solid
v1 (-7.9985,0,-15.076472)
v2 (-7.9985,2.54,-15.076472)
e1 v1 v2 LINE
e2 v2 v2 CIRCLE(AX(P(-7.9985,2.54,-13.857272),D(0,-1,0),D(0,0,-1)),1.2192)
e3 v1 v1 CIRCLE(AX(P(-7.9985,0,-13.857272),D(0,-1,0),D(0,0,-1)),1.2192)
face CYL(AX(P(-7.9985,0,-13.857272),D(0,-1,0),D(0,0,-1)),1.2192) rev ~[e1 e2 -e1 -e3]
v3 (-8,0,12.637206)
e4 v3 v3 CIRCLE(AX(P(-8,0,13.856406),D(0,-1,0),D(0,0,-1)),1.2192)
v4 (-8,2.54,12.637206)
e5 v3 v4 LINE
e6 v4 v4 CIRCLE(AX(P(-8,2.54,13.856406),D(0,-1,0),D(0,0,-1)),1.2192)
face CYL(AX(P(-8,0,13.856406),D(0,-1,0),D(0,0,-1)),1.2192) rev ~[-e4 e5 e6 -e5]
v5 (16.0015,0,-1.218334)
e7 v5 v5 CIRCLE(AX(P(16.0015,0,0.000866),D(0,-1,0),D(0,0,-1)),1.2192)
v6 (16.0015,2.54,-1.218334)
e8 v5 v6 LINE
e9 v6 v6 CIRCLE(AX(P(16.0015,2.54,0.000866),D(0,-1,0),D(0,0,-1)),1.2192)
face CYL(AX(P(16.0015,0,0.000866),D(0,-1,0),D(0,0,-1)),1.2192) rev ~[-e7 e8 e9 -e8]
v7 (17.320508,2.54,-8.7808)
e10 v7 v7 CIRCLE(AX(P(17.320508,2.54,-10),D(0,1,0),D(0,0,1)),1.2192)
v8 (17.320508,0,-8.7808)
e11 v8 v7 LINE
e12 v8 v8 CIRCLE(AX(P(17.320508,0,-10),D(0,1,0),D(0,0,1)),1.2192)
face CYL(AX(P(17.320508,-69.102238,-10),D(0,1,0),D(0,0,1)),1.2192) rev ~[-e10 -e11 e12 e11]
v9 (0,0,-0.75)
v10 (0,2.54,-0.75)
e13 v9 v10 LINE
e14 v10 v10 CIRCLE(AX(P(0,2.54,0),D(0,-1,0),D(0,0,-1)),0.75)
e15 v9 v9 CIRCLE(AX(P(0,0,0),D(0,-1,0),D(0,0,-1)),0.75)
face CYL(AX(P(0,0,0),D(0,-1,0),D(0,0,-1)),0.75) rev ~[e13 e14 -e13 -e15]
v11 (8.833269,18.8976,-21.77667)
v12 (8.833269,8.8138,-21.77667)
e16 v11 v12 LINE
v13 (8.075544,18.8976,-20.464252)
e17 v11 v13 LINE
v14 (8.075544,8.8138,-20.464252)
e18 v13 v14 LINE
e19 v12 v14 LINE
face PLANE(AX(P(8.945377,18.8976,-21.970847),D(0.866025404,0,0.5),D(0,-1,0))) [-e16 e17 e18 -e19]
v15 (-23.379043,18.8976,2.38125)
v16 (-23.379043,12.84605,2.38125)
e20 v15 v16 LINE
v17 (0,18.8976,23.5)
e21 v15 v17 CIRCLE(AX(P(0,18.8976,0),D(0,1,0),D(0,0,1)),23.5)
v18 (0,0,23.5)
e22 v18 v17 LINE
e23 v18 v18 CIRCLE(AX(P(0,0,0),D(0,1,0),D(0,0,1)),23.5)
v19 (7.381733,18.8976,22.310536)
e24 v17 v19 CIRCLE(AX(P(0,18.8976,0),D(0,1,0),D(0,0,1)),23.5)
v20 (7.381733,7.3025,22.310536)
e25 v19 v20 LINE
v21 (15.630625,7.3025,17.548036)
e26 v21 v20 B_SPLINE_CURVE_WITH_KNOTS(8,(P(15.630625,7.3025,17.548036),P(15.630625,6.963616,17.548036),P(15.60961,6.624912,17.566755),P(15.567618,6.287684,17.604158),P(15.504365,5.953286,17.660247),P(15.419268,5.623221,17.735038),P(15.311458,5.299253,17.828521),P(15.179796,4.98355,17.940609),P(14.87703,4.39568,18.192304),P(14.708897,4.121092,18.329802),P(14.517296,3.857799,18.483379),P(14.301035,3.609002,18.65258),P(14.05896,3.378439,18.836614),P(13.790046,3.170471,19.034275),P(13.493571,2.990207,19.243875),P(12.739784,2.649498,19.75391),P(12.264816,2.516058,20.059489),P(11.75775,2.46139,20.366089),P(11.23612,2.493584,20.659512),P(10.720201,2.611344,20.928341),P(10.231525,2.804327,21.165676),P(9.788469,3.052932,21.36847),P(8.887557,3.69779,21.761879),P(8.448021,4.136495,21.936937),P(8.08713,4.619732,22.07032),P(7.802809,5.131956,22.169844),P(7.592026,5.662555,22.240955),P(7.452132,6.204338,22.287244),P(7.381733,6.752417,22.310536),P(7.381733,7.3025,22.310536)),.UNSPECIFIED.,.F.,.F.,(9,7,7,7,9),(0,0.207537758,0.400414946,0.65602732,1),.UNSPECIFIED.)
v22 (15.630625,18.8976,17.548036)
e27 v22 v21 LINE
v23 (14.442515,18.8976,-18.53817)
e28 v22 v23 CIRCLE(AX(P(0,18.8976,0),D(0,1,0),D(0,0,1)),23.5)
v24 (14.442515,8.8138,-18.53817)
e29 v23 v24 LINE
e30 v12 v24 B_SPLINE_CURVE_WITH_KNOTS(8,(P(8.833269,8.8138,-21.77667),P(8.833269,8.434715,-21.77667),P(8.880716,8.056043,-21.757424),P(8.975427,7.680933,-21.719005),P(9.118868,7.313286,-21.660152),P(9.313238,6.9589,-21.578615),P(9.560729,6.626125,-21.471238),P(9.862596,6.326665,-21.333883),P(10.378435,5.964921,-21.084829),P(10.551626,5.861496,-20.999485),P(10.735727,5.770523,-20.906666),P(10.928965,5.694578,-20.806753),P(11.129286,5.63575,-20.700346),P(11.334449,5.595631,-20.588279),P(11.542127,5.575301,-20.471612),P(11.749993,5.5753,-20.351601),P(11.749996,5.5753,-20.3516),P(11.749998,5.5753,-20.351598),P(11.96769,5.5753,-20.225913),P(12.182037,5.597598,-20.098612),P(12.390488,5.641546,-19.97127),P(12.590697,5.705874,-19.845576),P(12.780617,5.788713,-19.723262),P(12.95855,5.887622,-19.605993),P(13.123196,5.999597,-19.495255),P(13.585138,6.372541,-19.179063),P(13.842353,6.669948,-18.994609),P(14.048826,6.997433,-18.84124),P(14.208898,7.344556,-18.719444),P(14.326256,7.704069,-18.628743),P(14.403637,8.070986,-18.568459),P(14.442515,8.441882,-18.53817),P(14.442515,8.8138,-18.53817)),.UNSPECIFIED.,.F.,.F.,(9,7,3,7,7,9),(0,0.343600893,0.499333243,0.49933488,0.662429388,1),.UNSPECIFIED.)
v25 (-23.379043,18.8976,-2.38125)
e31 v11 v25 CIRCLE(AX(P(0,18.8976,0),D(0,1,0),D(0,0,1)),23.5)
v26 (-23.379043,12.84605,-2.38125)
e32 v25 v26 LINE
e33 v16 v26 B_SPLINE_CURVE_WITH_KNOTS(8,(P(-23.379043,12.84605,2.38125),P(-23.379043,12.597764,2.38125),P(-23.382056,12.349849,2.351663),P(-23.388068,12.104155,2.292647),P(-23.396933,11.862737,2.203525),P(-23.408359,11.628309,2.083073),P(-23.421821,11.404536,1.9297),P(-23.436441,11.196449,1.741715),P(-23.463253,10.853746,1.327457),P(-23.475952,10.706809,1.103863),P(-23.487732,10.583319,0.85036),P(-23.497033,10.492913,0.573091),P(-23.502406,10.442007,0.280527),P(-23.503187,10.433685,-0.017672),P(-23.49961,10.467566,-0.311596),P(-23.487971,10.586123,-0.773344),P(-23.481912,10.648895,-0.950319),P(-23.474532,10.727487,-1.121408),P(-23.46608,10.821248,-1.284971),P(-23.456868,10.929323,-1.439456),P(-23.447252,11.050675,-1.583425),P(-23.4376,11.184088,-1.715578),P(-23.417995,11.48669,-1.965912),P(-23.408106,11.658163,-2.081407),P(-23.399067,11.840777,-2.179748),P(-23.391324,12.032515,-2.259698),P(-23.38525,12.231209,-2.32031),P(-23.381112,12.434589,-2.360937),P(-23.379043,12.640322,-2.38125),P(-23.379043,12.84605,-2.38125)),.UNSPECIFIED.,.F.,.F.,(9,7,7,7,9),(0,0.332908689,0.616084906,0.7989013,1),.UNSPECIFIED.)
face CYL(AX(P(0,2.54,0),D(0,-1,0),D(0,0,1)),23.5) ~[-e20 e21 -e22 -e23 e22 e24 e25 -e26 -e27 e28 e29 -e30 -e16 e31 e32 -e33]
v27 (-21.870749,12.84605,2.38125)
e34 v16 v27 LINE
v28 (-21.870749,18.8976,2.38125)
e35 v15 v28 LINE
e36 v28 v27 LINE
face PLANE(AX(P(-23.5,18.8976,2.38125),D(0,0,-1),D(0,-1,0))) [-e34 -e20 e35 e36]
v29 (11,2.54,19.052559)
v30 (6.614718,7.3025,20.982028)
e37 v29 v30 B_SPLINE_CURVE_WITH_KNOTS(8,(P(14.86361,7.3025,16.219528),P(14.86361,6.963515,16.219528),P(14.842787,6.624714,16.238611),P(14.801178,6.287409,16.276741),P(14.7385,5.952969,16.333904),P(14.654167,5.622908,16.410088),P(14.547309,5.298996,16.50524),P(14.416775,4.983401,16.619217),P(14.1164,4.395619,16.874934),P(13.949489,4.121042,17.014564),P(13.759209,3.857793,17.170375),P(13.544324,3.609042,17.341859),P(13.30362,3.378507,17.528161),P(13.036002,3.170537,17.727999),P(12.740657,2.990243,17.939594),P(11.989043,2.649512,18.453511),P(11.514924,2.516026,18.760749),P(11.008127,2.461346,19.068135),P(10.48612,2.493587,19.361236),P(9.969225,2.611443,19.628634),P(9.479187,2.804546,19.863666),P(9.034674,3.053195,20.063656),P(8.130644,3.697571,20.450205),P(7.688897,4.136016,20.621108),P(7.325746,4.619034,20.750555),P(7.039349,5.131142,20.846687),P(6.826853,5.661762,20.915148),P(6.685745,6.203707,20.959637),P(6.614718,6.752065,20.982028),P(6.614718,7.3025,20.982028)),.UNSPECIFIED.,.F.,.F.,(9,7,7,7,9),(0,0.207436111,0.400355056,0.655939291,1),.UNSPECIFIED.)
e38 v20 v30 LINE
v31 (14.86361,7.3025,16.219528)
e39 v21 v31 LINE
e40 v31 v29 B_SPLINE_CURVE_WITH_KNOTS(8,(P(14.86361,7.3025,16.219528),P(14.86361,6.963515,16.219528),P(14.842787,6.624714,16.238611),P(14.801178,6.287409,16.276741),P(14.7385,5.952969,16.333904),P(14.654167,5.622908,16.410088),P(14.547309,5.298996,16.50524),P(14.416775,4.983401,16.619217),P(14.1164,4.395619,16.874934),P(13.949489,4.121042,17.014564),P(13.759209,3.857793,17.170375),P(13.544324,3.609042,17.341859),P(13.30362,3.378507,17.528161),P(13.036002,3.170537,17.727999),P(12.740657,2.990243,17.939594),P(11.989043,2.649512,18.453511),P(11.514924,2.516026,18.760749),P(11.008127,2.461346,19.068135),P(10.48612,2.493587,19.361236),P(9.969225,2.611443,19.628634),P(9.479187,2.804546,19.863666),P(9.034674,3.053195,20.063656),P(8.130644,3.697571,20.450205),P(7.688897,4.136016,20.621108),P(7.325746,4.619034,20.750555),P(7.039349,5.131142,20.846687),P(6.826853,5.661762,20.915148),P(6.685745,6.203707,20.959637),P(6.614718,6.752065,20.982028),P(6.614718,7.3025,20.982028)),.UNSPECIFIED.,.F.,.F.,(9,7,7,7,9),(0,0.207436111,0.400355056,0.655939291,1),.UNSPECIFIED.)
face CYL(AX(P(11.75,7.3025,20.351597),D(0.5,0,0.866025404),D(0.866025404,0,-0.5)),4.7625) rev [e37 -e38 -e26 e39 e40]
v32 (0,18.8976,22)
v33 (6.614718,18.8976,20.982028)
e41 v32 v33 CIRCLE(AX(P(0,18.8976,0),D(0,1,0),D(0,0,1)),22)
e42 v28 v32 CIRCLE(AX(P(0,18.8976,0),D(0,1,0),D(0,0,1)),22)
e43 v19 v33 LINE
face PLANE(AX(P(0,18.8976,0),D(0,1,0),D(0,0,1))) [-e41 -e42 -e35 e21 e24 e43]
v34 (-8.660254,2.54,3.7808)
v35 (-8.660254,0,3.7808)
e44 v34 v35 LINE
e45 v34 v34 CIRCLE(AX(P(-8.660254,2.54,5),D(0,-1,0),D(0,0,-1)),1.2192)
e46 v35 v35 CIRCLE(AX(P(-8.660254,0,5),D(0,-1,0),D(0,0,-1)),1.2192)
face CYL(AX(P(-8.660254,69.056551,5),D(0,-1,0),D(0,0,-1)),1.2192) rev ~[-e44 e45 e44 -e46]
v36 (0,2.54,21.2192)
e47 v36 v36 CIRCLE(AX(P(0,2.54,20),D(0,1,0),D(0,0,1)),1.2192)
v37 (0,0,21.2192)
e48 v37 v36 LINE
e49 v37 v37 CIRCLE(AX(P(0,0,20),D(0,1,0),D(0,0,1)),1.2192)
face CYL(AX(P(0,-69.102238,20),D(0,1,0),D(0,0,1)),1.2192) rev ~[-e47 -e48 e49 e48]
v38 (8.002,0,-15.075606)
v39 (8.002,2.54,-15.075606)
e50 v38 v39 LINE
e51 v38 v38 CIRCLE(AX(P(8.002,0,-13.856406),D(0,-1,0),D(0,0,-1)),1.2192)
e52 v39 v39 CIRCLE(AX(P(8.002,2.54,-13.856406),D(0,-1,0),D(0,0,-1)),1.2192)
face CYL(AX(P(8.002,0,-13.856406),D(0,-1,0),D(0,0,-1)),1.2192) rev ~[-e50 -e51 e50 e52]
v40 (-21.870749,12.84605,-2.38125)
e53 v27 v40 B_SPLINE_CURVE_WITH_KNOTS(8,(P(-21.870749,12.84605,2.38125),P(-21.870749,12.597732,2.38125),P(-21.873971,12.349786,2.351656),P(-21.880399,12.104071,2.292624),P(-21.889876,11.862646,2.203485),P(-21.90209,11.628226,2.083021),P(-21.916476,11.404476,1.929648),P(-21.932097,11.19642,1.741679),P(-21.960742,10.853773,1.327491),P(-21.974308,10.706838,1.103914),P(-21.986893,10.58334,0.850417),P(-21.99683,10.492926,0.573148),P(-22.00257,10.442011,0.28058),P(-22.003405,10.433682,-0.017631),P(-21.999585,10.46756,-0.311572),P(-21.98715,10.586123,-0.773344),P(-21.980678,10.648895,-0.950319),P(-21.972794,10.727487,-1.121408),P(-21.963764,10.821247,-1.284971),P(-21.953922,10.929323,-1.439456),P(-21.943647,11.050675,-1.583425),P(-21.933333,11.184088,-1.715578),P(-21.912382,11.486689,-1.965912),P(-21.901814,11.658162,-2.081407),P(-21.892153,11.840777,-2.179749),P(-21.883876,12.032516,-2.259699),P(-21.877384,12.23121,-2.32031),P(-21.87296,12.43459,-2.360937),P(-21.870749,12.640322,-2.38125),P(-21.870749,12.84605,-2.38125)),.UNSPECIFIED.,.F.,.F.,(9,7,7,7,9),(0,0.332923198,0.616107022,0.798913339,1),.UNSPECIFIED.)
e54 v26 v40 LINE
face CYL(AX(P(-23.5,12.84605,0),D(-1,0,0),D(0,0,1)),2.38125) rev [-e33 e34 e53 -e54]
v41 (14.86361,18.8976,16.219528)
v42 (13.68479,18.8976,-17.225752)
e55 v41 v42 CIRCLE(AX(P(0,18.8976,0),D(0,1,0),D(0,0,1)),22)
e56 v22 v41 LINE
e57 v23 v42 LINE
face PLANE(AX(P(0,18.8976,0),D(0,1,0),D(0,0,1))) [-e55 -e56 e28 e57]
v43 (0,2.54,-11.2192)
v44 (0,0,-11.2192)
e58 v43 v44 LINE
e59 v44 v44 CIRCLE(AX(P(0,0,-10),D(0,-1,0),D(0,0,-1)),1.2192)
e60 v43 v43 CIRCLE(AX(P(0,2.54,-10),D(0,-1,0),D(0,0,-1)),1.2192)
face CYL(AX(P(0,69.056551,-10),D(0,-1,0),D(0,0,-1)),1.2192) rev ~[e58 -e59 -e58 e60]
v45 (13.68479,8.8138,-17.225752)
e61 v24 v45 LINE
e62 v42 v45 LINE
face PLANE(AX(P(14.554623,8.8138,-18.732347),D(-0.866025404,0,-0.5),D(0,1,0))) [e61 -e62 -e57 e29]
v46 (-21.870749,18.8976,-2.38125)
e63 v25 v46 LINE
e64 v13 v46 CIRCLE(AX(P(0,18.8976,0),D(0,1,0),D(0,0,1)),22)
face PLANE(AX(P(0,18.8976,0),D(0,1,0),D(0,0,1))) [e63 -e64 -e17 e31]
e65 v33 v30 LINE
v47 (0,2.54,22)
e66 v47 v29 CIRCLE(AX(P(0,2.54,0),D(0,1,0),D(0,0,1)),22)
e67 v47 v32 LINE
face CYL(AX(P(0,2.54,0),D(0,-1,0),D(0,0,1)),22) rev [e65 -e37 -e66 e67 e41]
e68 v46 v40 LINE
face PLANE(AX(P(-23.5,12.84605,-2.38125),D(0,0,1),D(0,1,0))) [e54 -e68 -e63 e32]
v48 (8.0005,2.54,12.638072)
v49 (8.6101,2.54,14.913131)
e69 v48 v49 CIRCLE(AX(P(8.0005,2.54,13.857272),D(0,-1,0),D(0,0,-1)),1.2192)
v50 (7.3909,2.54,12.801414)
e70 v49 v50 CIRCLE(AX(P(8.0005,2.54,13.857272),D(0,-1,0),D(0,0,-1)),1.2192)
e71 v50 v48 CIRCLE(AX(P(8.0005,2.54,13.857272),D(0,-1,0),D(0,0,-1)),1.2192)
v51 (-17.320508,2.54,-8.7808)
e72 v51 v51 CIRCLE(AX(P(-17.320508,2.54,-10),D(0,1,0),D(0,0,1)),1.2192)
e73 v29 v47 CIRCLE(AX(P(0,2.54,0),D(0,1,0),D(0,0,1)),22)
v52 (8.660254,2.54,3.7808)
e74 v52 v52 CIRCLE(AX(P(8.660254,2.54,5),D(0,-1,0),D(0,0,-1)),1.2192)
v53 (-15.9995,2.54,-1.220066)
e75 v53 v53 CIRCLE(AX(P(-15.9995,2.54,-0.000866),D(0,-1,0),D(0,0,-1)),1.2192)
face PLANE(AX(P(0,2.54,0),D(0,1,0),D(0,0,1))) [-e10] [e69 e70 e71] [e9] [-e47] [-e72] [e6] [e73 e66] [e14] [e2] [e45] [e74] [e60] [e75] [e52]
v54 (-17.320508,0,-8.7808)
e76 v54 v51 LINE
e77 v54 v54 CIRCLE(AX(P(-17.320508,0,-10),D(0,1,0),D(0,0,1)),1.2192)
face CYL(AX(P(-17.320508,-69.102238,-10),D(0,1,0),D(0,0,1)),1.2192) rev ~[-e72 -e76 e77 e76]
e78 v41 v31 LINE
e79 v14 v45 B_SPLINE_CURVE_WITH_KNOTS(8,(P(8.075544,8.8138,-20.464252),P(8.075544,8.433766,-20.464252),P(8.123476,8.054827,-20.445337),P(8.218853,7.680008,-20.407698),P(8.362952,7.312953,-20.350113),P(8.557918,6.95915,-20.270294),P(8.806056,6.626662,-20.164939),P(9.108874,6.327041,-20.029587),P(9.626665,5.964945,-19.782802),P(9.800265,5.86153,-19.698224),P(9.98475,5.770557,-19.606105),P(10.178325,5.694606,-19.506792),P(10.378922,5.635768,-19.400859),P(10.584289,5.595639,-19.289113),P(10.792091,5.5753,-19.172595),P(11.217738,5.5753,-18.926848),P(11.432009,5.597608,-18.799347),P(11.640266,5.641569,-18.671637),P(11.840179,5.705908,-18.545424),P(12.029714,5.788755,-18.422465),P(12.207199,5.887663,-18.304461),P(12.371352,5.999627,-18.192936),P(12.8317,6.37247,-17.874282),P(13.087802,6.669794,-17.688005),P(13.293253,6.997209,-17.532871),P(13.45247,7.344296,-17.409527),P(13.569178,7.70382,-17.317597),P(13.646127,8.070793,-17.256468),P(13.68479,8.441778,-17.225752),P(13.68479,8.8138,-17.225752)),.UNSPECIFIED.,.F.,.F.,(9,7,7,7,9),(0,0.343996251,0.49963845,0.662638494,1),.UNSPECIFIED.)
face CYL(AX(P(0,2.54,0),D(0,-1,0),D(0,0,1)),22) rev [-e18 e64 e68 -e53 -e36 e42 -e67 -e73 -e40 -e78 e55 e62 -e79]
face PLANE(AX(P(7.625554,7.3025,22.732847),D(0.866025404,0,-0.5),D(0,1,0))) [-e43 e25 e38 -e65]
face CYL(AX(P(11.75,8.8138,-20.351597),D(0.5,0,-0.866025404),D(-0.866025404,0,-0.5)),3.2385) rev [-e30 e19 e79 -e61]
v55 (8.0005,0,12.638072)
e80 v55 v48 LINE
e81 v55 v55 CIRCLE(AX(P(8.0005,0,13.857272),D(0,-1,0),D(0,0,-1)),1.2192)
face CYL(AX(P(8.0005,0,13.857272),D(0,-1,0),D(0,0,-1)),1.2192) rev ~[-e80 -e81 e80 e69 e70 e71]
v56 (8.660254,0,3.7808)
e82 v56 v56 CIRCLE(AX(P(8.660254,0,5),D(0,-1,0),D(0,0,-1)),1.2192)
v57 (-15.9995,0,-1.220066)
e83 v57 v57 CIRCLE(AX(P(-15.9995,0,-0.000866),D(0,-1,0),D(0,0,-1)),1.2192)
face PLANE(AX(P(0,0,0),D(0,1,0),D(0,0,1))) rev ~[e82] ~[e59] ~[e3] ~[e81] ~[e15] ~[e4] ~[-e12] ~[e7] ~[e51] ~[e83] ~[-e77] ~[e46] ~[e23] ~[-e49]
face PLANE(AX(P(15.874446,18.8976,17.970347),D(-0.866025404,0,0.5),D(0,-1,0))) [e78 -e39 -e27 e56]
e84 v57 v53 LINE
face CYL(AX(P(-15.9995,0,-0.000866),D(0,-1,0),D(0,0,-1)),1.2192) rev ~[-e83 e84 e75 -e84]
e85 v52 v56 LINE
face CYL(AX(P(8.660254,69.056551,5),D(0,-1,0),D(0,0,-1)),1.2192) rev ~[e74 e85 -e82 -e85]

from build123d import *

# Parameters (mm, degrees)
SKETCH1_R             = 23.5
BOSS_EXTRUDE1_DEPTH   = 2.54
F_2_CLEARANCE_HOLE2_D = 2.4384
SKETCH4_R             = 23.5
SKETCH4_R_2           = 22
BOSS_EXTRUDE2_DEPTH   = 16.3576
F_2_CLEARANCE_HOLE1_D = 2.4384
SKETCH7_R             = 1.2192
SKETCH7_R_2           = 0.75
CUT_EXTRUDE1_DEPTH    = 39.2311298
CUT_EXTRUDE2_DEPTH    = 10
CUT_EXTRUDE3_DEPTH    = 10
CUT_EXTRUDE4_DEPTH    = 10


with BuildPart() as part:
    # Sketch1 → Boss-Extrude1 (new body)
    with BuildSketch(Plane(origin=(0, 0, 0), x_dir=(1, 0, 0), z_dir=(0, 1, 0))):
        with Locations(Location((0, 0, 0), (0, 0, 270))):
            Circle(SKETCH1_R)
    extrude(amount=BOSS_EXTRUDE1_DEPTH)

    # #2 Clearance Hole2 (through all)
    with Locations(Plane(origin=(0, 2.54, -10), x_dir=(0, 0, 1), z_dir=(0, 1, 0))):
        with Locations((0, 0), (15, 8.660254038), (15, -8.660254038)):
            Hole(F_2_CLEARANCE_HOLE2_D / 2)

    # Sketch4 → Boss-Extrude2 (add)
    with BuildSketch(Plane(origin=(0, 2.54, 0), x_dir=(1, 0, 0), z_dir=(0, 1, 0))):
        with Locations(Location((0, 0, 0), (0, 0, 270))):
            Circle(SKETCH4_R)
        with Locations(Location((0, 0, 0), (0, 0, 270))):
            Circle(SKETCH4_R_2, mode=Mode.SUBTRACT)
    extrude(amount=BOSS_EXTRUDE2_DEPTH)

    # #2 Clearance Hole1 (through all)
    with Locations(Plane(origin=(0, 0, 20), x_dir=(0, 0, -1), z_dir=(0, -1, 0))):
        with Locations((0, 0), (30, 17.320508076), (30, -17.320508076)):
            Hole(F_2_CLEARANCE_HOLE1_D / 2)

    # Sketch7 → Cut-Extrude1 (cut, through all)
    with BuildSketch(Plane.XZ):
        with Locations(Location((-8, 13.856406461, 0), (0, 0, 270))):
            Circle(SKETCH7_R)
        with Locations(Location((8.0005, 13.857272486, 0), (0, 0, 270))):
            Circle(SKETCH7_R)
        with Locations(Location((16.0015, 0.000866025, 0), (0, 0, 270))):
            Circle(SKETCH7_R)
        with Locations(Location((8.002, -13.856406461, 0), (0, 0, 270))):
            Circle(SKETCH7_R)
        with Locations(Location((-7.9985, -13.857272486, 0), (0, 0, 270))):
            Circle(SKETCH7_R)
        with Locations(Location((-15.9995, -0.000866025, 0), (0, 0, 270))):
            Circle(SKETCH7_R)
        with Locations(Location((0, 0, 0), (0, 0, 270))):
            Circle(SKETCH7_R_2)
    extrude(amount=-CUT_EXTRUDE1_DEPTH, mode=Mode.SUBTRACT)

    # Sketch9 → Cut-Extrude2 (cut)
    with BuildSketch(Plane(origin=(11.75, 0, 20.351596989), x_dir=(0.866025403784438, 0, -0.5000000000000012), z_dir=(0.5000000000000011, 0, 0.8660254037844379))):
        with BuildLine():
            Line((-4.7625, 7.3025), (-4.7625, 18.8976))
            Line((-4.7625, 18.8976), (4.7625, 18.8976))
            Line((4.7625, 18.8976), (4.7625, 7.3025))
            ThreePointArc((4.7625, 7.3025), (0, 2.54), (-4.7625, 7.3025))
        make_face()
    extrude(amount=-CUT_EXTRUDE2_DEPTH, mode=Mode.SUBTRACT)

    # Sketch10 → Cut-Extrude3 (cut)
    with BuildSketch(Plane(origin=(11.75, 0, -20.351596989), x_dir=(-0.8660254037844415, 0, -0.49999999999999517), z_dir=(0.4999999999999951, 0, -0.8660254037844414))):
        with BuildLine():
            Line((-3.2385, 8.8138), (-3.2385, 18.8976))
            Line((-3.2385, 18.8976), (3.2385, 18.8976))
            Line((3.2385, 18.8976), (3.2385, 8.8138))
            ThreePointArc((3.2385, 8.8138), (0, 5.5753), (-3.2385, 8.8138))
        make_face()
    extrude(amount=-CUT_EXTRUDE3_DEPTH, mode=Mode.SUBTRACT)

    # Sketch11 → Cut-Extrude4 (cut)
    with BuildSketch(Plane.ZY.offset(23.5)):
        with BuildLine():
            Line((-2.38125, 12.84605), (-2.38125, 18.8976))
            Line((-2.38125, 18.8976), (2.38125, 18.8976))
            Line((2.38125, 18.8976), (2.38125, 12.84605))
            ThreePointArc((2.38125, 12.84605), (0, 10.4648), (-2.38125, 12.84605))
        make_face()
    extrude(amount=-CUT_EXTRUDE4_DEPTH, mode=Mode.SUBTRACT)


solid = part.part
